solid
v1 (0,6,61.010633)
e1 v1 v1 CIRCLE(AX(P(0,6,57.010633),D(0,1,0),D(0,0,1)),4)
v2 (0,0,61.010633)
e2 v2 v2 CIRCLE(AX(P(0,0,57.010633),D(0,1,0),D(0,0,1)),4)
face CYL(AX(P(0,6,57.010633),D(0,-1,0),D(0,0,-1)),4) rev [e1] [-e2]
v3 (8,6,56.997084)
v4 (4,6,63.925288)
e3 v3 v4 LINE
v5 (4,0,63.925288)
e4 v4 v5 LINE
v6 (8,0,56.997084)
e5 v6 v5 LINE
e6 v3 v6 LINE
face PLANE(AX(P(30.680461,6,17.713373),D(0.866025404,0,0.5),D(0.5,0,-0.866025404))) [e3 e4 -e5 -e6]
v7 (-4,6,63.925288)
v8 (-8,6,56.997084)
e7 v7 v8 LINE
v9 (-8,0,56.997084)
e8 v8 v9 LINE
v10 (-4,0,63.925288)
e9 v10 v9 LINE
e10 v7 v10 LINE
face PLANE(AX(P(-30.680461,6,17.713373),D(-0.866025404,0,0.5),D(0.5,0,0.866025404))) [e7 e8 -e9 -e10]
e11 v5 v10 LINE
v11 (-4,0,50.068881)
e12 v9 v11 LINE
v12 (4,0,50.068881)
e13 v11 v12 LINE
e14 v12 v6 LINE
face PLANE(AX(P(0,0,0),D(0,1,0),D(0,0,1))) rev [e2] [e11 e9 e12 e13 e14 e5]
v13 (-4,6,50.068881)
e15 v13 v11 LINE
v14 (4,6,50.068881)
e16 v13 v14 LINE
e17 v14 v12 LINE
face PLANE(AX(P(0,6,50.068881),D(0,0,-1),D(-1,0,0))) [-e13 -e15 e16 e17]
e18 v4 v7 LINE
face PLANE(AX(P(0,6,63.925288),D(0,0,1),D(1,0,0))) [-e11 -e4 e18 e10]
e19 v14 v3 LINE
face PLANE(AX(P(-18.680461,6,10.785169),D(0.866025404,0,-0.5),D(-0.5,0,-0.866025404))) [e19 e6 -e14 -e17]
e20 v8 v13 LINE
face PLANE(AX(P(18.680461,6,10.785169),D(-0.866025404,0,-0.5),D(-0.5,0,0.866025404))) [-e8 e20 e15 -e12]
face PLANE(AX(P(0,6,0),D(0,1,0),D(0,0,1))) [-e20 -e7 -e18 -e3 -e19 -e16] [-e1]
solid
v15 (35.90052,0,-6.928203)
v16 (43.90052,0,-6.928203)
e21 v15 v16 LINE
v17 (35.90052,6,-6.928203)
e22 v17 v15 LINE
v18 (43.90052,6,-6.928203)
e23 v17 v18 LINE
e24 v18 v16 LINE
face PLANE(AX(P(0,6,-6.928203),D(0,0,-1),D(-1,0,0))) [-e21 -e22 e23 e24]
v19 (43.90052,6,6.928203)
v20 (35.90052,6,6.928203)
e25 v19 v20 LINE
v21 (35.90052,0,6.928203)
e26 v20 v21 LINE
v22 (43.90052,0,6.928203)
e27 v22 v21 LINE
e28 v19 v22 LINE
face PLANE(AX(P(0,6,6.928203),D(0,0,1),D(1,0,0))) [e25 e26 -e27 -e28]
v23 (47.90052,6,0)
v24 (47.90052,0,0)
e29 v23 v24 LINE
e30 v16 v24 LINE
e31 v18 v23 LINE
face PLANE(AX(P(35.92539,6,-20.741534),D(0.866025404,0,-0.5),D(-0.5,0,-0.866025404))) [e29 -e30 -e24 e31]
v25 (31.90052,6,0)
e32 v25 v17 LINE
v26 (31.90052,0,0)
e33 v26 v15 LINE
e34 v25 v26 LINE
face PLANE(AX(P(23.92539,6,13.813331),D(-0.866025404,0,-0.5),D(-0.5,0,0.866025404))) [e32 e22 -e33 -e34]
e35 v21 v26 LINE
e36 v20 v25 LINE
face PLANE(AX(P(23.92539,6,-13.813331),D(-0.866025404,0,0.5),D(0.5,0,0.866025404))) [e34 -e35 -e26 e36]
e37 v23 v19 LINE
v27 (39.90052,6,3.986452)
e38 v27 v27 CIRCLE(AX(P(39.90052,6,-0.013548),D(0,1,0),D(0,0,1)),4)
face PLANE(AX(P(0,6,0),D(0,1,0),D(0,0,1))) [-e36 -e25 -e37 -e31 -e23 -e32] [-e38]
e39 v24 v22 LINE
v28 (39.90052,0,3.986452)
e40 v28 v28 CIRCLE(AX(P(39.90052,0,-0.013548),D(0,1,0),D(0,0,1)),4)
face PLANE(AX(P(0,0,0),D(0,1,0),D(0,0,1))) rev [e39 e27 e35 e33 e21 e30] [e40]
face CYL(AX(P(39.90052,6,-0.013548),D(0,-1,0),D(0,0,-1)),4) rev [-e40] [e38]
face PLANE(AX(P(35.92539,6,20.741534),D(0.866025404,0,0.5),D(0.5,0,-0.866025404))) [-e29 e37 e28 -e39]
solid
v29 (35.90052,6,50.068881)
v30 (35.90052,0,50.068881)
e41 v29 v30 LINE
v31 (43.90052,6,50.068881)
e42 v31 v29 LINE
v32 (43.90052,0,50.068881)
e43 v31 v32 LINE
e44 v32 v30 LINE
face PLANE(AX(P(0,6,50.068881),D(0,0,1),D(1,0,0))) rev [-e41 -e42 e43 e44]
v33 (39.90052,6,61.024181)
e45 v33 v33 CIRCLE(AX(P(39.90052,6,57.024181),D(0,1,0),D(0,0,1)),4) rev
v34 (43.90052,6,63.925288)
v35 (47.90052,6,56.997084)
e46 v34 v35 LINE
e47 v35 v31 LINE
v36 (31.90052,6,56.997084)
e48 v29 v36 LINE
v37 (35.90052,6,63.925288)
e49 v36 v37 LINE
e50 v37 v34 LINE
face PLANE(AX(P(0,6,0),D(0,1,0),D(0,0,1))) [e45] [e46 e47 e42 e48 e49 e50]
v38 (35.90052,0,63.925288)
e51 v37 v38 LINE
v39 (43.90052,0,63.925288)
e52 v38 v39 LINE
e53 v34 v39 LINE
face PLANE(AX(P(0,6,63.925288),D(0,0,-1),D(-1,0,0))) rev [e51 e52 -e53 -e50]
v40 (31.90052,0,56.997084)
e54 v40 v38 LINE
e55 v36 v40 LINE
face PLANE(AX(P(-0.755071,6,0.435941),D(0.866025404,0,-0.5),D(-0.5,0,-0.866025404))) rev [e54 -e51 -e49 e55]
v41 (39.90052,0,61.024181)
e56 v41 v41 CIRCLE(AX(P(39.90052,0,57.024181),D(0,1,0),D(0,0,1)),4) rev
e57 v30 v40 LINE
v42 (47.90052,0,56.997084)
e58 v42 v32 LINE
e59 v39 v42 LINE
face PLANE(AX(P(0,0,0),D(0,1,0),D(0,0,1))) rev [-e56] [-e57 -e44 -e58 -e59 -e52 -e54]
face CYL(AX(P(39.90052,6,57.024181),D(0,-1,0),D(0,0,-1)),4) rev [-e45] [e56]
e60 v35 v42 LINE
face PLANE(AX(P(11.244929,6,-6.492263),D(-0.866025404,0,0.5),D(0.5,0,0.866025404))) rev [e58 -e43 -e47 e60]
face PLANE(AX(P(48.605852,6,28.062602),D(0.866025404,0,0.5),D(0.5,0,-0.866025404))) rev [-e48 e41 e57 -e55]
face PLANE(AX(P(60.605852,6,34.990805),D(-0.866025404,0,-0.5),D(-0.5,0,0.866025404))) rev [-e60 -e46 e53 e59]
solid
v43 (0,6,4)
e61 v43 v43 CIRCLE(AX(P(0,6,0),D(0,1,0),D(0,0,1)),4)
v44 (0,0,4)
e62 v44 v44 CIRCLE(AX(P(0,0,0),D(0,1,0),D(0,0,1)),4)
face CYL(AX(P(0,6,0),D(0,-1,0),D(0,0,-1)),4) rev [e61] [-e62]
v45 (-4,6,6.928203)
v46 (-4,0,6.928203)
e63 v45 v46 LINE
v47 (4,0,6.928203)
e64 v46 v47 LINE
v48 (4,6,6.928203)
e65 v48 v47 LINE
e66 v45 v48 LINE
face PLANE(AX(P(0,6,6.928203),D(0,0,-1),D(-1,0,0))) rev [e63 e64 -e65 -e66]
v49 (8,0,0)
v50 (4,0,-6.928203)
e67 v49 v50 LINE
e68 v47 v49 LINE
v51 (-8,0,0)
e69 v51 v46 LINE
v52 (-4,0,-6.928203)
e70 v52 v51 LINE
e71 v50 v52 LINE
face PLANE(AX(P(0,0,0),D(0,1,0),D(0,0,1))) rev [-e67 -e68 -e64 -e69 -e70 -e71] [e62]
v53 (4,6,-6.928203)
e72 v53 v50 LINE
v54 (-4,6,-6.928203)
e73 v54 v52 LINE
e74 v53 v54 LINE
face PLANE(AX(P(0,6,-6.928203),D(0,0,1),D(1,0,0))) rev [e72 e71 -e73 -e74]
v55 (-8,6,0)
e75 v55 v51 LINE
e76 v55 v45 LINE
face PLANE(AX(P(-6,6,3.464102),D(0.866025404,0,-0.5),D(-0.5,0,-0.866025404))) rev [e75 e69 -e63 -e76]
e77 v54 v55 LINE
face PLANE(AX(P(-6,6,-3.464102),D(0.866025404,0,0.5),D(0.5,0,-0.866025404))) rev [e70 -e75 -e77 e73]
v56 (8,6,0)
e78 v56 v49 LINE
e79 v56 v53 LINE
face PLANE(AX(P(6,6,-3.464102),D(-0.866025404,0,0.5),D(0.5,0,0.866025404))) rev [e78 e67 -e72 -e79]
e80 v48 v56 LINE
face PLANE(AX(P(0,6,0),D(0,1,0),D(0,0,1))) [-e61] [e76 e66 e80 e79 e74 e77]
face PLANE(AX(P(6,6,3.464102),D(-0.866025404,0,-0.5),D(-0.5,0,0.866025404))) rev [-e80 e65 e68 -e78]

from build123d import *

# Parameters (mm, degrees)
SKETCH1_R             = 4
BOSS_EXTRUDE1_DEPTH   = 6
BOSS_EXTRUDE1_2_DEPTH = 6
BOSS_EXTRUDE1_3_DEPTH = 6
BOSS_EXTRUDE1_4_DEPTH = 6


with BuildPart() as part:
    # Sketch1 → Boss-Extrude1 (new body)
    with BuildSketch(Plane(origin=(0, 0, 0), x_dir=(1, 0, 0), z_dir=(0, 1, 0))):
        Polygon((-4, -6.92820323), (4, -6.92820323), (8, 0), (4, 6.92820323), (-4, 6.92820323), (-8, 0), align=None)
        Circle(SKETCH1_R, mode=Mode.SUBTRACT)
    extrude(amount=BOSS_EXTRUDE1_DEPTH)


with BuildPart() as body_2:
    # Sketch1 → Boss-Extrude1 2 (new body)
    with BuildSketch(Plane(origin=(0, 0, 0), x_dir=(1, 0, 0), z_dir=(0, 1, 0))):
        Polygon((31.900520373, 0), (35.900520373, 6.92820323), (43.900520373, 6.92820323), (47.900520373, 0), (43.900520373, -6.92820323), (35.900520373, -6.92820323), align=None)
        with Locations((39.900520373, 0.013548179)):
            Circle(SKETCH1_R, mode=Mode.SUBTRACT)
    extrude(amount=BOSS_EXTRUDE1_2_DEPTH)


with BuildPart() as body_3:
    # Sketch1 → Boss-Extrude1 3 (new body)
    with BuildSketch(Plane(origin=(0, 0, 0), x_dir=(1, 0, 0), z_dir=(0, 1, 0))):
        Polygon((8, -56.997084352), (4, -63.925287582), (-4, -63.925287582), (-8, -56.997084352), (-4, -50.068881122), (4, -50.068881122), align=None)
        with Locations((0, -57.010632531)):
            Circle(SKETCH1_R, mode=Mode.SUBTRACT)
    extrude(amount=BOSS_EXTRUDE1_3_DEPTH)


with BuildPart() as body_4:
    # Sketch1 → Boss-Extrude1 4 (new body)
    with BuildSketch(Plane(origin=(0, 0, 0), x_dir=(1, 0, 0), z_dir=(0, 1, 0))):
        Polygon((43.900520373, -50.068881122), (35.900520373, -50.068881122), (31.900520373, -56.997084352), (35.900520373, -63.925287582), (43.900520373, -63.925287582), (47.900520373, -56.997084352), align=None)
        with Locations((39.900520373, -57.02418071)):
            Circle(SKETCH1_R, mode=Mode.SUBTRACT)
    extrude(amount=BOSS_EXTRUDE1_4_DEPTH)


solid = Compound([part.part, body_2.part, body_3.part, body_4.part])
